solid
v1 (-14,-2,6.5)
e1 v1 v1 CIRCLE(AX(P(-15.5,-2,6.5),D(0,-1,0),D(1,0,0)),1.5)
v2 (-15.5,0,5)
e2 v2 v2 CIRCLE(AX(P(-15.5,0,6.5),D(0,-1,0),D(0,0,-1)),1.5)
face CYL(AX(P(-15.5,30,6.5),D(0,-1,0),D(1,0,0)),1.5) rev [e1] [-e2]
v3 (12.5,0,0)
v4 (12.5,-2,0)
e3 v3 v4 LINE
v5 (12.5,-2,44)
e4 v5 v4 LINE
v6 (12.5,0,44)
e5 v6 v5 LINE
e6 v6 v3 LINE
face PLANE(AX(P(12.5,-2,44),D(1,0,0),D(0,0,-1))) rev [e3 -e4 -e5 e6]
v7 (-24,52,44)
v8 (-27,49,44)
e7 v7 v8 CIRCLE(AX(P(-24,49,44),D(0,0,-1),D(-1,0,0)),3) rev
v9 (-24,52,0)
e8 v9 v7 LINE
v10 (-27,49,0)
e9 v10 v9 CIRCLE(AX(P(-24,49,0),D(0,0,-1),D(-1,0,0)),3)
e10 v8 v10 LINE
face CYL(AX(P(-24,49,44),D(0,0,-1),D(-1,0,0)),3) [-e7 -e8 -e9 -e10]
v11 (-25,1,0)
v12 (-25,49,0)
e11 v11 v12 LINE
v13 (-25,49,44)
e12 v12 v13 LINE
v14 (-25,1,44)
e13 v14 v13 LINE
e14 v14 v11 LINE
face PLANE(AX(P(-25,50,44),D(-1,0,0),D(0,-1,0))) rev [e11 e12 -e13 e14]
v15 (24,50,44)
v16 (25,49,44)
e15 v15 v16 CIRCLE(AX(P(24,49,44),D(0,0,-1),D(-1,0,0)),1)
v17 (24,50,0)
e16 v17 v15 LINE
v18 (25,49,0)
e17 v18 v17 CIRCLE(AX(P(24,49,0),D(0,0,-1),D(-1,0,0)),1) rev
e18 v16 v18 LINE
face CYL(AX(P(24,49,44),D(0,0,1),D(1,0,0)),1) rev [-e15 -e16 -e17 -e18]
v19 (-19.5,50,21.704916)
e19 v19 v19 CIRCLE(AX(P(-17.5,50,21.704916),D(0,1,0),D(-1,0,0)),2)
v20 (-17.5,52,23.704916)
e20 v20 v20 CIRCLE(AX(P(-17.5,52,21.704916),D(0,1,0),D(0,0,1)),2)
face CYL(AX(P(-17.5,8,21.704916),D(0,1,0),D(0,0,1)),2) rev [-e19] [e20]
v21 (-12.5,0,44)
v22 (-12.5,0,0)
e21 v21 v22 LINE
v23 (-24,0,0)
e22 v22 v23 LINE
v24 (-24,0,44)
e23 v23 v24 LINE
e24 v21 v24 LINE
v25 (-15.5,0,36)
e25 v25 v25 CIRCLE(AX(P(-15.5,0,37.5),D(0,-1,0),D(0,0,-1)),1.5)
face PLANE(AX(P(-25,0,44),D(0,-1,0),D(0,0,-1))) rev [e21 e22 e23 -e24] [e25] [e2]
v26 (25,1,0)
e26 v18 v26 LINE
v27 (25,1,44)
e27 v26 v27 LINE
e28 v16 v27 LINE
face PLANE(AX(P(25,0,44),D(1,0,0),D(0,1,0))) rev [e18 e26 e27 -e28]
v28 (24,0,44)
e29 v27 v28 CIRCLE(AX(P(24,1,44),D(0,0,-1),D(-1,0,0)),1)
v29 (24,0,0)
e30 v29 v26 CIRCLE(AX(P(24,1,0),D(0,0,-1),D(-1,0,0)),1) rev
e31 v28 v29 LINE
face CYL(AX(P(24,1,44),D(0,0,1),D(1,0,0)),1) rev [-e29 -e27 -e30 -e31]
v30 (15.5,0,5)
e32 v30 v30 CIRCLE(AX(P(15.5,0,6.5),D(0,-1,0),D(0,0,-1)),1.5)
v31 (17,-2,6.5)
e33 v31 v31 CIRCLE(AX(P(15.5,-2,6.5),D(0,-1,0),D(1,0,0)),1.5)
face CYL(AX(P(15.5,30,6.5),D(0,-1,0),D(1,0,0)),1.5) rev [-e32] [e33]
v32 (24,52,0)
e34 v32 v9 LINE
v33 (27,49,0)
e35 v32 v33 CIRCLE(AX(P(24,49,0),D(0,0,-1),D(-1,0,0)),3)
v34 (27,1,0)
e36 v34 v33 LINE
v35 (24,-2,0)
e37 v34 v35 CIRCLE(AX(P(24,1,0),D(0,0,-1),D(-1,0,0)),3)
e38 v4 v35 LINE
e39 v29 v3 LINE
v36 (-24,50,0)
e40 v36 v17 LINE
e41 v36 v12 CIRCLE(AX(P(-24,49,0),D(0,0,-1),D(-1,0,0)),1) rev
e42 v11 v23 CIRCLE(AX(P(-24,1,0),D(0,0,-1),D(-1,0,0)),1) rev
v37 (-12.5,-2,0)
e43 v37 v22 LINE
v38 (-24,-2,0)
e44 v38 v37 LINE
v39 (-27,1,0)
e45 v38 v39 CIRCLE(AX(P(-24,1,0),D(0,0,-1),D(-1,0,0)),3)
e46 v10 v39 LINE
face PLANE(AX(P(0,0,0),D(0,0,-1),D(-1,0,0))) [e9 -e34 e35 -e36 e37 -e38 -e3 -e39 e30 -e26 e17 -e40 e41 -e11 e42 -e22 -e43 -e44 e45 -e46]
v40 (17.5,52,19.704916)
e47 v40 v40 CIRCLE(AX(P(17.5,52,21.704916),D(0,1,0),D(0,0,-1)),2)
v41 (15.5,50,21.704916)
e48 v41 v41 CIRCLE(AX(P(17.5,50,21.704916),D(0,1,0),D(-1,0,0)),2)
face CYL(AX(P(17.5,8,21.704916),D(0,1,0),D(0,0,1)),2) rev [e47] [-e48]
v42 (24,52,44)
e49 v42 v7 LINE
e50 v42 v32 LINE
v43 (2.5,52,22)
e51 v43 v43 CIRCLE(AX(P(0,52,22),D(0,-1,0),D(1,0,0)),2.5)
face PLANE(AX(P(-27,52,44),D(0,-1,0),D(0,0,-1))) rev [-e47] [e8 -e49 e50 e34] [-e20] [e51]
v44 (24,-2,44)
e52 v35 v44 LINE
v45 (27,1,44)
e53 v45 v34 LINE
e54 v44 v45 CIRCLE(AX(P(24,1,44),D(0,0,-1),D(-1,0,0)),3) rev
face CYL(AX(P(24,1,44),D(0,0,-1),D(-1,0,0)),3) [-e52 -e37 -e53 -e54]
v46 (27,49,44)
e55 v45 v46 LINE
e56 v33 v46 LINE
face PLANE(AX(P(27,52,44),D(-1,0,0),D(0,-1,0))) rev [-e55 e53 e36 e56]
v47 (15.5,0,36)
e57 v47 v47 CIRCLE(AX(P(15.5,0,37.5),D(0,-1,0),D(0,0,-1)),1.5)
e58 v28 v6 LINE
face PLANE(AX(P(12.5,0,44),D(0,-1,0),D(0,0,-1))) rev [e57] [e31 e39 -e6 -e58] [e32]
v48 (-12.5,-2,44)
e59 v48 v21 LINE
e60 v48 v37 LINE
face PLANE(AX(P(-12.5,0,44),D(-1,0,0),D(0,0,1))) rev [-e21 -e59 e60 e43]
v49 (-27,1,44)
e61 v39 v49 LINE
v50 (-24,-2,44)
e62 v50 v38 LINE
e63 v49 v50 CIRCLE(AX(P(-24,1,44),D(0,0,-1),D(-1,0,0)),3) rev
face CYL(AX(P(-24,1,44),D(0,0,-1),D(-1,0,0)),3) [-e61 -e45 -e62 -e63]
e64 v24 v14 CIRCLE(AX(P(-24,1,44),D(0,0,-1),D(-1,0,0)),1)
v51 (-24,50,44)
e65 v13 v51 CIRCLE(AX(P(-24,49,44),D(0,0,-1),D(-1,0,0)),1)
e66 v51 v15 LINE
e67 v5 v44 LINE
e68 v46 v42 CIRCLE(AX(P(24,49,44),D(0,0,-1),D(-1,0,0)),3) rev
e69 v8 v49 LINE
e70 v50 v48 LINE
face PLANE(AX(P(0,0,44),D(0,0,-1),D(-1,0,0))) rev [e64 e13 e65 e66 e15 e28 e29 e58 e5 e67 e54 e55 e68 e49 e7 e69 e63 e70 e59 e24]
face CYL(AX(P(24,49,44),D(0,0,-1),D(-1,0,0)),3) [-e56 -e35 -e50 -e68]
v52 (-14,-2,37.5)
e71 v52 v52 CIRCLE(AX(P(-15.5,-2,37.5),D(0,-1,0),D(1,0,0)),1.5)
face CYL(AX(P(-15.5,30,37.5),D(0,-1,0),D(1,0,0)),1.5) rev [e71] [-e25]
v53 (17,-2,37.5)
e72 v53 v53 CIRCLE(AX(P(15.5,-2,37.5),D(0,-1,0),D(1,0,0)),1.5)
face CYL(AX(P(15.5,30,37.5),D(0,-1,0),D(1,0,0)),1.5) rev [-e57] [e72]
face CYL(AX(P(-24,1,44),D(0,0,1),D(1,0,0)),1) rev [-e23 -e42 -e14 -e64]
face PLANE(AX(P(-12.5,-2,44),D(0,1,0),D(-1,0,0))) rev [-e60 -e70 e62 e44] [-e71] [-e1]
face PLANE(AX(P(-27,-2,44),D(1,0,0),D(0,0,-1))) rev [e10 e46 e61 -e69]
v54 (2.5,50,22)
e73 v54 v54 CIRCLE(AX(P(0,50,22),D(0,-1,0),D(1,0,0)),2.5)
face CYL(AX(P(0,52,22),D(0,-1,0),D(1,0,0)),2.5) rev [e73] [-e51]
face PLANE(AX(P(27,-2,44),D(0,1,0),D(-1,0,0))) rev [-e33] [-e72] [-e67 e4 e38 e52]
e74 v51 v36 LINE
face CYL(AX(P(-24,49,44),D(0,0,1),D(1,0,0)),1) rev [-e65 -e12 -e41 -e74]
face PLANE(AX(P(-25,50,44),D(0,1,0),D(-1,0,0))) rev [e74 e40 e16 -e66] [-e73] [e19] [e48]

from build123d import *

# Parameters (mm, degrees)
BOSS_EXTRUDE1_DEPTH = 44
SKETCH2_R           = 1.5
CUT_EXTRUDE1_DEPTH  = 32
SKETCH3_R           = 2.5
CUT_EXTRUDE2_DEPTH  = 74.273460407
SKETCH4_R           = 2
CUT_EXTRUDE3_DEPTH  = 44
FILLET1_R           = 1
FILLET2_R           = 3


with BuildPart() as part:
    # Sketch1 → Boss-Extrude1 (new body)
    with BuildSketch(Plane.XY):
        Polygon((-25, 50), (25, 50), (25, 0), (12.5, 0), (12.5, -2), (27, -2), (27, 52), (-27, 52), (-27, -2), (-12.5, -2), (-12.5, 0), (-25, 0), align=None)
    extrude(amount=BOSS_EXTRUDE1_DEPTH)

    # Sketch2 → Cut-Extrude1 (cut)
    with BuildSketch(Plane(origin=(0, -2, 0), x_dir=(-1, 0, 0), z_dir=(0, -1, 0))):
        with Locations(Location((15.5, -37.5, 0), (0, 0, 180))):
            Circle(SKETCH2_R)
        with Locations(Location((-15.5, -37.5, 0), (0, 0, 180))):
            Circle(SKETCH2_R)
        with Locations(Location((-15.5, -6.5, 0), (0, 0, 180))):
            Circle(SKETCH2_R)
        with Locations(Location((15.5, -6.5, 0), (0, 0, 180))):
            Circle(SKETCH2_R)
    extrude(amount=-CUT_EXTRUDE1_DEPTH, mode=Mode.SUBTRACT)

    # Sketch3 → Cut-Extrude2 (cut, through all)
    with BuildSketch(Plane.XZ.offset(-50)):
        with Locations((0, 22)):
            Circle(SKETCH3_R)
    extrude(amount=-CUT_EXTRUDE2_DEPTH, mode=Mode.SUBTRACT)

    # Sketch4 → Cut-Extrude3 (cut)
    with BuildSketch(Plane(origin=(0, 52, 0), x_dir=(1, 0, 0), z_dir=(0, 1, 0))):
        with Locations(Location((-17.5, -21.704916057, 0), (0, 0, 270))):
            Circle(SKETCH4_R)
        with Locations(Location((17.5, -21.704916057, 0), (0, 0, 180))):
            Circle(SKETCH4_R)
    extrude(amount=-CUT_EXTRUDE3_DEPTH, mode=Mode.SUBTRACT)

    # Fillet1
    fillet1_edges = [part.edges().sort_by_distance(p)[0] for p in [
        (25, 0, 22),
        (25, 50, 22),
        (-25, 50, 22),
        (-25, 0, 22),
    ]]
    fillet(fillet1_edges, radius=FILLET1_R)

    # Fillet2
    fillet2_edges = [part.edges().sort_by_distance(p)[0] for p in [
        (-27, -2, 22),
        (-27, 52, 22),
        (27, 52, 22),
        (27, -2, 22),
    ]]
    fillet(fillet2_edges, radius=FILLET2_R)


solid = part.part
